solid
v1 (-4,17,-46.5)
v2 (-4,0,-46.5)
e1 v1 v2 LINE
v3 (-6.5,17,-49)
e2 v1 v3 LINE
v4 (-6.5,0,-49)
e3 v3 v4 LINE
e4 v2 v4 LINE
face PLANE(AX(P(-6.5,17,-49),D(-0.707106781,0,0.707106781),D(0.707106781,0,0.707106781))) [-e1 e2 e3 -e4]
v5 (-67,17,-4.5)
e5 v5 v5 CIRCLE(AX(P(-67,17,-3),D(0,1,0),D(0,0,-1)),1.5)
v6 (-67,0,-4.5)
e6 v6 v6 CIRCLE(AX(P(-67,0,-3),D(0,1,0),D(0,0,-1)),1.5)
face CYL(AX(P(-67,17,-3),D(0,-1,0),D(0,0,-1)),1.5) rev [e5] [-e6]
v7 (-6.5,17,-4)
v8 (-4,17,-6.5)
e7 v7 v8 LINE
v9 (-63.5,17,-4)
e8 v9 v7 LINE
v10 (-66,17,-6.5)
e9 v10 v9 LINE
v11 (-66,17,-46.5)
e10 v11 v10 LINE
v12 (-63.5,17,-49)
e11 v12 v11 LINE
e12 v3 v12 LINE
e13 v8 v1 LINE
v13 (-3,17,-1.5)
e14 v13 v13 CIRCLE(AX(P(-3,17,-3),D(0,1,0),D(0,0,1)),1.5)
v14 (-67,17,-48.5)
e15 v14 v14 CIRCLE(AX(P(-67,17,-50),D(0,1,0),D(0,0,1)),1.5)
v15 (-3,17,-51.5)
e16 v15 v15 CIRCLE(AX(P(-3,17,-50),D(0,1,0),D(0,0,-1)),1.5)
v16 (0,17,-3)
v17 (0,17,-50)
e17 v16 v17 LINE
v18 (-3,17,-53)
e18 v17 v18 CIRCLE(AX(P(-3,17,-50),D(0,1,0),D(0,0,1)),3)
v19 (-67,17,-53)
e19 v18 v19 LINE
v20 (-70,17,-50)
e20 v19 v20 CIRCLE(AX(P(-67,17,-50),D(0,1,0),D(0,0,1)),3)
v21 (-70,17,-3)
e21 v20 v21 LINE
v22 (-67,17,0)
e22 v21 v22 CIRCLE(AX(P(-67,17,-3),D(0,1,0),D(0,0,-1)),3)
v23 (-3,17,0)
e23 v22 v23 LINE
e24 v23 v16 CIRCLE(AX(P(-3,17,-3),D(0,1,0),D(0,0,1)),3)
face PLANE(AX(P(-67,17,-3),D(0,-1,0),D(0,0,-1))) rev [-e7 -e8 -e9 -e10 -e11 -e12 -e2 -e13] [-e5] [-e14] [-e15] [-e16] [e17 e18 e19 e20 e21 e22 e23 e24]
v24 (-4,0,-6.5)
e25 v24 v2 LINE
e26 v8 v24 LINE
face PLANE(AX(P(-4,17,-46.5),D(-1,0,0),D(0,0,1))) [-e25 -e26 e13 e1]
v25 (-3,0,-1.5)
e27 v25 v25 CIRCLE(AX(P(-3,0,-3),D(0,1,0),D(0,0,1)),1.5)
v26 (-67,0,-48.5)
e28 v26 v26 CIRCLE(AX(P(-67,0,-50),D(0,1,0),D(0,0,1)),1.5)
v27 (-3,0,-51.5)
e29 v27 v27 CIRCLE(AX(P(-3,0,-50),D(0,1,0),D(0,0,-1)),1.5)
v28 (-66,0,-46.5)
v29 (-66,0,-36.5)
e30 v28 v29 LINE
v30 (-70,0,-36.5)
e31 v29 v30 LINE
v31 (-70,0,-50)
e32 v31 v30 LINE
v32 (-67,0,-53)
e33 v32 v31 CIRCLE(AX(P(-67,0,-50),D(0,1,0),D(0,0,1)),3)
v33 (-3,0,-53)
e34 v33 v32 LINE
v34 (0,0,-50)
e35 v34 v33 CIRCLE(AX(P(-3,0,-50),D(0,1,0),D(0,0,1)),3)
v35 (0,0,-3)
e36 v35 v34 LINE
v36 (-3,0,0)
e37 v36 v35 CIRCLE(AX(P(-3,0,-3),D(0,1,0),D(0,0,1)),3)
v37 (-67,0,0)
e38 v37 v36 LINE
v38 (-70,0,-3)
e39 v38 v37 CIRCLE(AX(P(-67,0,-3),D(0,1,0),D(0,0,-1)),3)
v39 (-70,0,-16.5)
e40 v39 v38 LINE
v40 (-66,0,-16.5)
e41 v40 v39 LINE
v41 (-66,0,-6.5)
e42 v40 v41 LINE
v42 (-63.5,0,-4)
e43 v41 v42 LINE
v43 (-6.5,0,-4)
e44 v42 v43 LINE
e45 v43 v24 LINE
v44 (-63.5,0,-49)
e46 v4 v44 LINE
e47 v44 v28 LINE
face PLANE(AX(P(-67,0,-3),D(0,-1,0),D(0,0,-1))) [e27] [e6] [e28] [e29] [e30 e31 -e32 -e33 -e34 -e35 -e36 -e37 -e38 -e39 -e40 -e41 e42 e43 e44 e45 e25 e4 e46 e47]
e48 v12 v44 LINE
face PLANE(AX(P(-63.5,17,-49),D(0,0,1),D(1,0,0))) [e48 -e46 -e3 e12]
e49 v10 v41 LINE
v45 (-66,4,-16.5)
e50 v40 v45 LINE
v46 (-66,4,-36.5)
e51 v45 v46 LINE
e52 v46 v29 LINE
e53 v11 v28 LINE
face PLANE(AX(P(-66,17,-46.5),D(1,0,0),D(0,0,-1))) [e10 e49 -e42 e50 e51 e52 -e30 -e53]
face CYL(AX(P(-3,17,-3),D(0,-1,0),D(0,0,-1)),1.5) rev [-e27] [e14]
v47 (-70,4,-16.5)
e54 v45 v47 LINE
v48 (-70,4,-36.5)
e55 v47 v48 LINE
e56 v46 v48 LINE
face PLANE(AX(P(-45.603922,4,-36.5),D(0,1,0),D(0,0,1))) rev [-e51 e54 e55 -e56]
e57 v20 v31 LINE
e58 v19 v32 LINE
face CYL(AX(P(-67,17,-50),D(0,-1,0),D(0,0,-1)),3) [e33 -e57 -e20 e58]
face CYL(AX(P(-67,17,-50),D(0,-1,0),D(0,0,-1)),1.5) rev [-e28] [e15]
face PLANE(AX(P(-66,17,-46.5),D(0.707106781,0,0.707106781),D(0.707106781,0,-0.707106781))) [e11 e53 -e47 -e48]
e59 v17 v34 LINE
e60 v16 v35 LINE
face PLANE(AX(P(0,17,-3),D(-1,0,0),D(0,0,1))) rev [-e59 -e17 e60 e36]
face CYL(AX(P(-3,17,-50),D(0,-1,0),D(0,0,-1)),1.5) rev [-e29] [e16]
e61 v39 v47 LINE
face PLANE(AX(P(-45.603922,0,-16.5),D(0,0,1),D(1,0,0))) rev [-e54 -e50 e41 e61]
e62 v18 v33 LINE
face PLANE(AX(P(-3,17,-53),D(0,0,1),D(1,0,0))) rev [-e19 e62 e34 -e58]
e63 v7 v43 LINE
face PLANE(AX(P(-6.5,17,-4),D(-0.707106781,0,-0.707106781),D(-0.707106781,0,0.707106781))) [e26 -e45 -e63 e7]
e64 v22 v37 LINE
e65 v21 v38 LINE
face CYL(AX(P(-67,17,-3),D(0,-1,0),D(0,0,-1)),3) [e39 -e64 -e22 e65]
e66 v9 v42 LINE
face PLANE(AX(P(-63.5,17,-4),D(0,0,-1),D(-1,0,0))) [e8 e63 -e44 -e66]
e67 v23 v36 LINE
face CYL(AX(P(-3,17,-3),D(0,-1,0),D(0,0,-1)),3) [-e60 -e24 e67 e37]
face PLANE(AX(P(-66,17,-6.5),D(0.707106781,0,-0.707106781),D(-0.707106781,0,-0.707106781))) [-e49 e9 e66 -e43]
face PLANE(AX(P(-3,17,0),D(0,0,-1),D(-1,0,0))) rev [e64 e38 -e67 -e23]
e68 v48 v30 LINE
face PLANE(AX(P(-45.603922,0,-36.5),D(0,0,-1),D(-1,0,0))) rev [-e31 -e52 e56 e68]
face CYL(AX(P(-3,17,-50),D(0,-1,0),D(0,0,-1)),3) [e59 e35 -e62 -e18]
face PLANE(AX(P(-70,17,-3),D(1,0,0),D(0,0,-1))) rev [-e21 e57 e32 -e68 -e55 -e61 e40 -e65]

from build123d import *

# Parameters (mm, degrees)
SKETCH1_R           = 1.5
BOSS_EXTRUDE1_DEPTH = 17
SKETCH2_W           = 20
SKETCH2_H           = 4
CUT_EXTRUDE1_DEPTH  = 4


with BuildPart() as part:
    # Sketch1 → Boss-Extrude1 (new body)
    with BuildSketch(Plane(origin=(0, 0, 0), x_dir=(1, 0, 0), z_dir=(0, 1, 0))):
        with BuildLine():
            Line((-3, 0), (-67, 0))
            ThreePointArc((-67, 0), (-69.121320344, 0.878679656), (-70, 3))
            Line((-70, 3), (-70, 50))
            ThreePointArc((-70, 50), (-69.121320344, 52.121320344), (-67, 53))
            Line((-67, 53), (-3, 53))
            ThreePointArc((-3, 53), (-0.878679656, 52.121320344), (0, 50))
            Line((0, 50), (0, 3))
            ThreePointArc((0, 3), (-0.878679656, 0.878679656), (-3, 0))
        make_face()
        with Locations(Location((-67, 50, 0), (0, 0, 270))):
            Circle(SKETCH1_R, mode=Mode.SUBTRACT)
        with Locations(Location((-3, 50, 0), (0, 0, 90))):
            Circle(SKETCH1_R, mode=Mode.SUBTRACT)
        with Locations(Location((-3, 3, 0), (0, 0, 270))):
            Circle(SKETCH1_R, mode=Mode.SUBTRACT)
        with Locations(Location((-67, 3, 0), (0, 0, 90))):
            Circle(SKETCH1_R, mode=Mode.SUBTRACT)
        Polygon((-66, 46.5), (-63.5, 49), (-6.5, 49), (-4, 46.5), (-4, 6.5), (-6.5, 4), (-63.5, 4), (-66, 6.5), align=None, mode=Mode.SUBTRACT)
    extrude(amount=BOSS_EXTRUDE1_DEPTH)

    # Sketch2 → Cut-Extrude1 (cut)
    with BuildSketch(Plane.ZY.offset(70)):
        with Locations((-26.5, 2)):
            Rectangle(SKETCH2_W, SKETCH2_H)
    extrude(amount=-CUT_EXTRUDE1_DEPTH, mode=Mode.SUBTRACT)


solid = part.part
